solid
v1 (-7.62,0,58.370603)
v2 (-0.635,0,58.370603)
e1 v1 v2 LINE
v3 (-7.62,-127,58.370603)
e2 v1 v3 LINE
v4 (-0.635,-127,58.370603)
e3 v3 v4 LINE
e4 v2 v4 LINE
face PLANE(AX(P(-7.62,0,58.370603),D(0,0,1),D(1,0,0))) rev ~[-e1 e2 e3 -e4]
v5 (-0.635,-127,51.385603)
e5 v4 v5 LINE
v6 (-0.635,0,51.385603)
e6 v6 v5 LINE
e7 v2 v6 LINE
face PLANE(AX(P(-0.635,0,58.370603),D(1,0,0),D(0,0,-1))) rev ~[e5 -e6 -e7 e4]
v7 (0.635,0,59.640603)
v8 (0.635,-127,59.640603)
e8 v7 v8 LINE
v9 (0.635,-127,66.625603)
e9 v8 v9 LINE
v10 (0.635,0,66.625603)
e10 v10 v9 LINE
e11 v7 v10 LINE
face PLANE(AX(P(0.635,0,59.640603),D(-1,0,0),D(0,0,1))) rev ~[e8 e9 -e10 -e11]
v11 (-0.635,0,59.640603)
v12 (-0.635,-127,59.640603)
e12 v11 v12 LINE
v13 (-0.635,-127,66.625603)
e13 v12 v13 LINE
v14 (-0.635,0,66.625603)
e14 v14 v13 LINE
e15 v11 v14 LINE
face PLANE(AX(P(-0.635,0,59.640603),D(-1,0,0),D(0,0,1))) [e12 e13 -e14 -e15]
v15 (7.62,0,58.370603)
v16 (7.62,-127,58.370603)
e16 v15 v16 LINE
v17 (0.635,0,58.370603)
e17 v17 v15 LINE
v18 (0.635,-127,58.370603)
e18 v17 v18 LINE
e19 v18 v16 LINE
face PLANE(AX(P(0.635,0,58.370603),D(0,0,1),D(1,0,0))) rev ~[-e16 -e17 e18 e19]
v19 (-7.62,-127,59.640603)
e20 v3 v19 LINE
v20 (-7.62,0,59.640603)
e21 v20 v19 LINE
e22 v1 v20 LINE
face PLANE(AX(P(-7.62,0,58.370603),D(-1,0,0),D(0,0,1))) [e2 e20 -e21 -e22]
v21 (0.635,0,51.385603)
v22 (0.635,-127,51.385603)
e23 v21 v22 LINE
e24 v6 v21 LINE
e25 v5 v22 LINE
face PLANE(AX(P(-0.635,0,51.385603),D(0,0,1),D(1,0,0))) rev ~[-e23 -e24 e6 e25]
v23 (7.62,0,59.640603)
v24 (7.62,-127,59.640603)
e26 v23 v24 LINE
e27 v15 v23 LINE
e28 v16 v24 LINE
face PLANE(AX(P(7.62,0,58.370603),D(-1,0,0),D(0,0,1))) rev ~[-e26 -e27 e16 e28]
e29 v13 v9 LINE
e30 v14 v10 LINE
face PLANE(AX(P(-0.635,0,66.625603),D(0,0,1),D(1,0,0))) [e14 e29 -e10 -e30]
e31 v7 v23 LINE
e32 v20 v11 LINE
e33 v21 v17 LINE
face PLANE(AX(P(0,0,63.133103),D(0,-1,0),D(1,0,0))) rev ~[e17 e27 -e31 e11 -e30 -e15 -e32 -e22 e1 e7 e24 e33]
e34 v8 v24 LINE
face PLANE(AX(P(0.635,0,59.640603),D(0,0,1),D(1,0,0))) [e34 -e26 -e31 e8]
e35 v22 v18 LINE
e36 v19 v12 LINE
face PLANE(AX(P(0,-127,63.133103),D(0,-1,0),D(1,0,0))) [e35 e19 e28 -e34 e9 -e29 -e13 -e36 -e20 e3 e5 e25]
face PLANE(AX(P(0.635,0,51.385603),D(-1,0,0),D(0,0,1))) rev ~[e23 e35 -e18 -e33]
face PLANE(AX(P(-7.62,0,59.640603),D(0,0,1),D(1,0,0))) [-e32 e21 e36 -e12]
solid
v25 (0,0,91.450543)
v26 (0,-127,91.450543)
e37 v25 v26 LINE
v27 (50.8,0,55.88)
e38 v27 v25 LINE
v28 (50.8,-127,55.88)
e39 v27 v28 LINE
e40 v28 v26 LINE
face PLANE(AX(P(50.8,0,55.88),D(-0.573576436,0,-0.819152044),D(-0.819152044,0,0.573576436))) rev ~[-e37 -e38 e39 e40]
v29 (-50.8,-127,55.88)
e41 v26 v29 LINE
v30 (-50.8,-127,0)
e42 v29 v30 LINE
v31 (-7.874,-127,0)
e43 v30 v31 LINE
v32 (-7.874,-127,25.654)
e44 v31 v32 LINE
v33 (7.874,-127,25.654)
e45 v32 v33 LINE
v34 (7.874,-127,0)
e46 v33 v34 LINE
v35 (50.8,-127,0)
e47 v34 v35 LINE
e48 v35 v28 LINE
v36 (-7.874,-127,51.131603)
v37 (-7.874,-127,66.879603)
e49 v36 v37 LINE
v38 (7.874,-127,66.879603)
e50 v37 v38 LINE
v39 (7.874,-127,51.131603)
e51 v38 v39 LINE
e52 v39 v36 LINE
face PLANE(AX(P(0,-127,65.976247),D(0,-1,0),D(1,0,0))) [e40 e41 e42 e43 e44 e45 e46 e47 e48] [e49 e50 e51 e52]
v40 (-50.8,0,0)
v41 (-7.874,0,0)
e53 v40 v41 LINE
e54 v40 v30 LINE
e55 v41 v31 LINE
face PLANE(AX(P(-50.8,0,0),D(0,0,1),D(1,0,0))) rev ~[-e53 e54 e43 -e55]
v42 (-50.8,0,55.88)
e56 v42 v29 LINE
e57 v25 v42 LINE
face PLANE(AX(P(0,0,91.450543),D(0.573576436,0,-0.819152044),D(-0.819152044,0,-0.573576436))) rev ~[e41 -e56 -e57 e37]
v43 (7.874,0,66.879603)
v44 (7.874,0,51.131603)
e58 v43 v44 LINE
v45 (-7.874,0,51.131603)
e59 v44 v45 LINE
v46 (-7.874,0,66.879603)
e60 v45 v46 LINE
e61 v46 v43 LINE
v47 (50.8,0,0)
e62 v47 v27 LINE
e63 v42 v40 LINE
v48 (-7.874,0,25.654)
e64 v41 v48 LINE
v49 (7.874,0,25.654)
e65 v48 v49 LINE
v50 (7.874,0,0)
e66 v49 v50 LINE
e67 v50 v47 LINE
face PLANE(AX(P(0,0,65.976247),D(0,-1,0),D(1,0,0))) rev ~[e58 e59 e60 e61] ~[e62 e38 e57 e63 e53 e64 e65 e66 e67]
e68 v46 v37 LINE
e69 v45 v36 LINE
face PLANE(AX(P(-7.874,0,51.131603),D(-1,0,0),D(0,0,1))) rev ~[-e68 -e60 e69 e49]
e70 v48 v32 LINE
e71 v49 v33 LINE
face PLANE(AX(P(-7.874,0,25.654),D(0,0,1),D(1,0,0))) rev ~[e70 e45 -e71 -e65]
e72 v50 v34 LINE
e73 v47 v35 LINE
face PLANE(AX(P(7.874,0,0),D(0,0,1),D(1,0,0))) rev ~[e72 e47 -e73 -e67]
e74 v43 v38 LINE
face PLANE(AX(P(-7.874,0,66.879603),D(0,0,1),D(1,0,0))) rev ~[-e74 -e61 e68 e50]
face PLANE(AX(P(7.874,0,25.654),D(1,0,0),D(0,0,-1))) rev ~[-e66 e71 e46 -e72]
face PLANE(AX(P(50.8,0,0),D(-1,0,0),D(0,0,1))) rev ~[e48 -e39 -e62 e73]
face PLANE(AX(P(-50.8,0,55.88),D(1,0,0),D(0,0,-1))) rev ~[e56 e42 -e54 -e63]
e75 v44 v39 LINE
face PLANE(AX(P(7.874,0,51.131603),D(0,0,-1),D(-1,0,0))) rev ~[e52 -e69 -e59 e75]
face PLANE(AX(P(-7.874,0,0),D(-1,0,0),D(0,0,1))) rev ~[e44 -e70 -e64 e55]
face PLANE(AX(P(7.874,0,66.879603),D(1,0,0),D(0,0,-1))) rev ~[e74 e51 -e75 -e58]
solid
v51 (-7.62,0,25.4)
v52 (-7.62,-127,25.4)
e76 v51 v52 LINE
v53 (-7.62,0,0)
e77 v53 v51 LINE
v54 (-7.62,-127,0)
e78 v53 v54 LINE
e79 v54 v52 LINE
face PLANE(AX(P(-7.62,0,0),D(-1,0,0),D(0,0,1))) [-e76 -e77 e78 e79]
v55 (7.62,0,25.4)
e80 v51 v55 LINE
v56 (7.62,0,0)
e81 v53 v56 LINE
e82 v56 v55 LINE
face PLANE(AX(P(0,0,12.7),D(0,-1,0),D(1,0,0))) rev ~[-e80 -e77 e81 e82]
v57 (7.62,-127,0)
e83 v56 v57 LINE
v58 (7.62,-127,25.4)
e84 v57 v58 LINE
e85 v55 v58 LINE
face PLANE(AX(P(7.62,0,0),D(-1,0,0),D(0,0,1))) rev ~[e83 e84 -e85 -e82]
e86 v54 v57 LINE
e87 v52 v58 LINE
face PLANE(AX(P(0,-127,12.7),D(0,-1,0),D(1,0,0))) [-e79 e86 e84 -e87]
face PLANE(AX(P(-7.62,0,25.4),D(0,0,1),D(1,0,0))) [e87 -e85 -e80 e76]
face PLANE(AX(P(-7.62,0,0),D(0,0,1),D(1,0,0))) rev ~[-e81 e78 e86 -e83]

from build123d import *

# Parameters (mm, degrees)
F1_DEPTH = 127
F0_W     = 1.27
F0_H     = 6.985
F0_W_2   = 6.985
F0_H_2   = 1.27
F0_H_3   = 2.4906031942
F0_H_4   = 4.4943968058
F0_W_3   = 15.24
F0_H_5   = 25.4


with BuildPart() as f1:
    # F0 (on Front) → F1 (new body)
    with BuildSketch(Plane.XZ):
        Polygon((0, 91.4505429411), (-50.8, 55.88), (-7.874, 55.88), (-7.874, 66.8796031942), (7.874, 66.8796031942), (7.874, 55.88), (50.8, 55.88), align=None)
        Polygon((-50.8, 0), (-7.874, 0), (-7.874, 25.654), (7.874, 25.654), (7.874, 0), (50.8, 0), (50.8, 55.88), (7.874, 55.88), (7.874, 51.1316031942), (-7.874, 51.1316031942), (-7.874, 55.88), (-50.8, 55.88), align=None)
    extrude(amount=F1_DEPTH)


with BuildPart() as f1b:
    # F0 (on Front) → F1, piece 2 (new body)
    with BuildSketch(Plane.XZ):
        with Locations((0, 63.1331031942)):
            Rectangle(F0_W, F0_H)
        with Locations((4.1275, 59.0056031942)):
            Rectangle(F0_W_2, F0_H_2)
        with Locations((-4.1275, 59.0056031942)):
            Rectangle(F0_W_2, F0_H_2)
        with Locations((0, 59.0056031942)):
            Rectangle(F0_W, F0_H_2)
        with Locations((0, 57.1253015971)):
            Rectangle(F0_W, F0_H_3)
        with Locations((0, 53.6328015971)):
            Rectangle(F0_W, F0_H_4)
    extrude(amount=F1_DEPTH)


with BuildPart() as f1c:
    # F0 (on Front) → F1, piece 3 (new body)
    with BuildSketch(Plane.XZ):
        with Locations((0, 12.7)):
            Rectangle(F0_W_3, F0_H_5)
    extrude(amount=F1_DEPTH)


solid = Compound([f1.part, f1b.part, f1c.part])
